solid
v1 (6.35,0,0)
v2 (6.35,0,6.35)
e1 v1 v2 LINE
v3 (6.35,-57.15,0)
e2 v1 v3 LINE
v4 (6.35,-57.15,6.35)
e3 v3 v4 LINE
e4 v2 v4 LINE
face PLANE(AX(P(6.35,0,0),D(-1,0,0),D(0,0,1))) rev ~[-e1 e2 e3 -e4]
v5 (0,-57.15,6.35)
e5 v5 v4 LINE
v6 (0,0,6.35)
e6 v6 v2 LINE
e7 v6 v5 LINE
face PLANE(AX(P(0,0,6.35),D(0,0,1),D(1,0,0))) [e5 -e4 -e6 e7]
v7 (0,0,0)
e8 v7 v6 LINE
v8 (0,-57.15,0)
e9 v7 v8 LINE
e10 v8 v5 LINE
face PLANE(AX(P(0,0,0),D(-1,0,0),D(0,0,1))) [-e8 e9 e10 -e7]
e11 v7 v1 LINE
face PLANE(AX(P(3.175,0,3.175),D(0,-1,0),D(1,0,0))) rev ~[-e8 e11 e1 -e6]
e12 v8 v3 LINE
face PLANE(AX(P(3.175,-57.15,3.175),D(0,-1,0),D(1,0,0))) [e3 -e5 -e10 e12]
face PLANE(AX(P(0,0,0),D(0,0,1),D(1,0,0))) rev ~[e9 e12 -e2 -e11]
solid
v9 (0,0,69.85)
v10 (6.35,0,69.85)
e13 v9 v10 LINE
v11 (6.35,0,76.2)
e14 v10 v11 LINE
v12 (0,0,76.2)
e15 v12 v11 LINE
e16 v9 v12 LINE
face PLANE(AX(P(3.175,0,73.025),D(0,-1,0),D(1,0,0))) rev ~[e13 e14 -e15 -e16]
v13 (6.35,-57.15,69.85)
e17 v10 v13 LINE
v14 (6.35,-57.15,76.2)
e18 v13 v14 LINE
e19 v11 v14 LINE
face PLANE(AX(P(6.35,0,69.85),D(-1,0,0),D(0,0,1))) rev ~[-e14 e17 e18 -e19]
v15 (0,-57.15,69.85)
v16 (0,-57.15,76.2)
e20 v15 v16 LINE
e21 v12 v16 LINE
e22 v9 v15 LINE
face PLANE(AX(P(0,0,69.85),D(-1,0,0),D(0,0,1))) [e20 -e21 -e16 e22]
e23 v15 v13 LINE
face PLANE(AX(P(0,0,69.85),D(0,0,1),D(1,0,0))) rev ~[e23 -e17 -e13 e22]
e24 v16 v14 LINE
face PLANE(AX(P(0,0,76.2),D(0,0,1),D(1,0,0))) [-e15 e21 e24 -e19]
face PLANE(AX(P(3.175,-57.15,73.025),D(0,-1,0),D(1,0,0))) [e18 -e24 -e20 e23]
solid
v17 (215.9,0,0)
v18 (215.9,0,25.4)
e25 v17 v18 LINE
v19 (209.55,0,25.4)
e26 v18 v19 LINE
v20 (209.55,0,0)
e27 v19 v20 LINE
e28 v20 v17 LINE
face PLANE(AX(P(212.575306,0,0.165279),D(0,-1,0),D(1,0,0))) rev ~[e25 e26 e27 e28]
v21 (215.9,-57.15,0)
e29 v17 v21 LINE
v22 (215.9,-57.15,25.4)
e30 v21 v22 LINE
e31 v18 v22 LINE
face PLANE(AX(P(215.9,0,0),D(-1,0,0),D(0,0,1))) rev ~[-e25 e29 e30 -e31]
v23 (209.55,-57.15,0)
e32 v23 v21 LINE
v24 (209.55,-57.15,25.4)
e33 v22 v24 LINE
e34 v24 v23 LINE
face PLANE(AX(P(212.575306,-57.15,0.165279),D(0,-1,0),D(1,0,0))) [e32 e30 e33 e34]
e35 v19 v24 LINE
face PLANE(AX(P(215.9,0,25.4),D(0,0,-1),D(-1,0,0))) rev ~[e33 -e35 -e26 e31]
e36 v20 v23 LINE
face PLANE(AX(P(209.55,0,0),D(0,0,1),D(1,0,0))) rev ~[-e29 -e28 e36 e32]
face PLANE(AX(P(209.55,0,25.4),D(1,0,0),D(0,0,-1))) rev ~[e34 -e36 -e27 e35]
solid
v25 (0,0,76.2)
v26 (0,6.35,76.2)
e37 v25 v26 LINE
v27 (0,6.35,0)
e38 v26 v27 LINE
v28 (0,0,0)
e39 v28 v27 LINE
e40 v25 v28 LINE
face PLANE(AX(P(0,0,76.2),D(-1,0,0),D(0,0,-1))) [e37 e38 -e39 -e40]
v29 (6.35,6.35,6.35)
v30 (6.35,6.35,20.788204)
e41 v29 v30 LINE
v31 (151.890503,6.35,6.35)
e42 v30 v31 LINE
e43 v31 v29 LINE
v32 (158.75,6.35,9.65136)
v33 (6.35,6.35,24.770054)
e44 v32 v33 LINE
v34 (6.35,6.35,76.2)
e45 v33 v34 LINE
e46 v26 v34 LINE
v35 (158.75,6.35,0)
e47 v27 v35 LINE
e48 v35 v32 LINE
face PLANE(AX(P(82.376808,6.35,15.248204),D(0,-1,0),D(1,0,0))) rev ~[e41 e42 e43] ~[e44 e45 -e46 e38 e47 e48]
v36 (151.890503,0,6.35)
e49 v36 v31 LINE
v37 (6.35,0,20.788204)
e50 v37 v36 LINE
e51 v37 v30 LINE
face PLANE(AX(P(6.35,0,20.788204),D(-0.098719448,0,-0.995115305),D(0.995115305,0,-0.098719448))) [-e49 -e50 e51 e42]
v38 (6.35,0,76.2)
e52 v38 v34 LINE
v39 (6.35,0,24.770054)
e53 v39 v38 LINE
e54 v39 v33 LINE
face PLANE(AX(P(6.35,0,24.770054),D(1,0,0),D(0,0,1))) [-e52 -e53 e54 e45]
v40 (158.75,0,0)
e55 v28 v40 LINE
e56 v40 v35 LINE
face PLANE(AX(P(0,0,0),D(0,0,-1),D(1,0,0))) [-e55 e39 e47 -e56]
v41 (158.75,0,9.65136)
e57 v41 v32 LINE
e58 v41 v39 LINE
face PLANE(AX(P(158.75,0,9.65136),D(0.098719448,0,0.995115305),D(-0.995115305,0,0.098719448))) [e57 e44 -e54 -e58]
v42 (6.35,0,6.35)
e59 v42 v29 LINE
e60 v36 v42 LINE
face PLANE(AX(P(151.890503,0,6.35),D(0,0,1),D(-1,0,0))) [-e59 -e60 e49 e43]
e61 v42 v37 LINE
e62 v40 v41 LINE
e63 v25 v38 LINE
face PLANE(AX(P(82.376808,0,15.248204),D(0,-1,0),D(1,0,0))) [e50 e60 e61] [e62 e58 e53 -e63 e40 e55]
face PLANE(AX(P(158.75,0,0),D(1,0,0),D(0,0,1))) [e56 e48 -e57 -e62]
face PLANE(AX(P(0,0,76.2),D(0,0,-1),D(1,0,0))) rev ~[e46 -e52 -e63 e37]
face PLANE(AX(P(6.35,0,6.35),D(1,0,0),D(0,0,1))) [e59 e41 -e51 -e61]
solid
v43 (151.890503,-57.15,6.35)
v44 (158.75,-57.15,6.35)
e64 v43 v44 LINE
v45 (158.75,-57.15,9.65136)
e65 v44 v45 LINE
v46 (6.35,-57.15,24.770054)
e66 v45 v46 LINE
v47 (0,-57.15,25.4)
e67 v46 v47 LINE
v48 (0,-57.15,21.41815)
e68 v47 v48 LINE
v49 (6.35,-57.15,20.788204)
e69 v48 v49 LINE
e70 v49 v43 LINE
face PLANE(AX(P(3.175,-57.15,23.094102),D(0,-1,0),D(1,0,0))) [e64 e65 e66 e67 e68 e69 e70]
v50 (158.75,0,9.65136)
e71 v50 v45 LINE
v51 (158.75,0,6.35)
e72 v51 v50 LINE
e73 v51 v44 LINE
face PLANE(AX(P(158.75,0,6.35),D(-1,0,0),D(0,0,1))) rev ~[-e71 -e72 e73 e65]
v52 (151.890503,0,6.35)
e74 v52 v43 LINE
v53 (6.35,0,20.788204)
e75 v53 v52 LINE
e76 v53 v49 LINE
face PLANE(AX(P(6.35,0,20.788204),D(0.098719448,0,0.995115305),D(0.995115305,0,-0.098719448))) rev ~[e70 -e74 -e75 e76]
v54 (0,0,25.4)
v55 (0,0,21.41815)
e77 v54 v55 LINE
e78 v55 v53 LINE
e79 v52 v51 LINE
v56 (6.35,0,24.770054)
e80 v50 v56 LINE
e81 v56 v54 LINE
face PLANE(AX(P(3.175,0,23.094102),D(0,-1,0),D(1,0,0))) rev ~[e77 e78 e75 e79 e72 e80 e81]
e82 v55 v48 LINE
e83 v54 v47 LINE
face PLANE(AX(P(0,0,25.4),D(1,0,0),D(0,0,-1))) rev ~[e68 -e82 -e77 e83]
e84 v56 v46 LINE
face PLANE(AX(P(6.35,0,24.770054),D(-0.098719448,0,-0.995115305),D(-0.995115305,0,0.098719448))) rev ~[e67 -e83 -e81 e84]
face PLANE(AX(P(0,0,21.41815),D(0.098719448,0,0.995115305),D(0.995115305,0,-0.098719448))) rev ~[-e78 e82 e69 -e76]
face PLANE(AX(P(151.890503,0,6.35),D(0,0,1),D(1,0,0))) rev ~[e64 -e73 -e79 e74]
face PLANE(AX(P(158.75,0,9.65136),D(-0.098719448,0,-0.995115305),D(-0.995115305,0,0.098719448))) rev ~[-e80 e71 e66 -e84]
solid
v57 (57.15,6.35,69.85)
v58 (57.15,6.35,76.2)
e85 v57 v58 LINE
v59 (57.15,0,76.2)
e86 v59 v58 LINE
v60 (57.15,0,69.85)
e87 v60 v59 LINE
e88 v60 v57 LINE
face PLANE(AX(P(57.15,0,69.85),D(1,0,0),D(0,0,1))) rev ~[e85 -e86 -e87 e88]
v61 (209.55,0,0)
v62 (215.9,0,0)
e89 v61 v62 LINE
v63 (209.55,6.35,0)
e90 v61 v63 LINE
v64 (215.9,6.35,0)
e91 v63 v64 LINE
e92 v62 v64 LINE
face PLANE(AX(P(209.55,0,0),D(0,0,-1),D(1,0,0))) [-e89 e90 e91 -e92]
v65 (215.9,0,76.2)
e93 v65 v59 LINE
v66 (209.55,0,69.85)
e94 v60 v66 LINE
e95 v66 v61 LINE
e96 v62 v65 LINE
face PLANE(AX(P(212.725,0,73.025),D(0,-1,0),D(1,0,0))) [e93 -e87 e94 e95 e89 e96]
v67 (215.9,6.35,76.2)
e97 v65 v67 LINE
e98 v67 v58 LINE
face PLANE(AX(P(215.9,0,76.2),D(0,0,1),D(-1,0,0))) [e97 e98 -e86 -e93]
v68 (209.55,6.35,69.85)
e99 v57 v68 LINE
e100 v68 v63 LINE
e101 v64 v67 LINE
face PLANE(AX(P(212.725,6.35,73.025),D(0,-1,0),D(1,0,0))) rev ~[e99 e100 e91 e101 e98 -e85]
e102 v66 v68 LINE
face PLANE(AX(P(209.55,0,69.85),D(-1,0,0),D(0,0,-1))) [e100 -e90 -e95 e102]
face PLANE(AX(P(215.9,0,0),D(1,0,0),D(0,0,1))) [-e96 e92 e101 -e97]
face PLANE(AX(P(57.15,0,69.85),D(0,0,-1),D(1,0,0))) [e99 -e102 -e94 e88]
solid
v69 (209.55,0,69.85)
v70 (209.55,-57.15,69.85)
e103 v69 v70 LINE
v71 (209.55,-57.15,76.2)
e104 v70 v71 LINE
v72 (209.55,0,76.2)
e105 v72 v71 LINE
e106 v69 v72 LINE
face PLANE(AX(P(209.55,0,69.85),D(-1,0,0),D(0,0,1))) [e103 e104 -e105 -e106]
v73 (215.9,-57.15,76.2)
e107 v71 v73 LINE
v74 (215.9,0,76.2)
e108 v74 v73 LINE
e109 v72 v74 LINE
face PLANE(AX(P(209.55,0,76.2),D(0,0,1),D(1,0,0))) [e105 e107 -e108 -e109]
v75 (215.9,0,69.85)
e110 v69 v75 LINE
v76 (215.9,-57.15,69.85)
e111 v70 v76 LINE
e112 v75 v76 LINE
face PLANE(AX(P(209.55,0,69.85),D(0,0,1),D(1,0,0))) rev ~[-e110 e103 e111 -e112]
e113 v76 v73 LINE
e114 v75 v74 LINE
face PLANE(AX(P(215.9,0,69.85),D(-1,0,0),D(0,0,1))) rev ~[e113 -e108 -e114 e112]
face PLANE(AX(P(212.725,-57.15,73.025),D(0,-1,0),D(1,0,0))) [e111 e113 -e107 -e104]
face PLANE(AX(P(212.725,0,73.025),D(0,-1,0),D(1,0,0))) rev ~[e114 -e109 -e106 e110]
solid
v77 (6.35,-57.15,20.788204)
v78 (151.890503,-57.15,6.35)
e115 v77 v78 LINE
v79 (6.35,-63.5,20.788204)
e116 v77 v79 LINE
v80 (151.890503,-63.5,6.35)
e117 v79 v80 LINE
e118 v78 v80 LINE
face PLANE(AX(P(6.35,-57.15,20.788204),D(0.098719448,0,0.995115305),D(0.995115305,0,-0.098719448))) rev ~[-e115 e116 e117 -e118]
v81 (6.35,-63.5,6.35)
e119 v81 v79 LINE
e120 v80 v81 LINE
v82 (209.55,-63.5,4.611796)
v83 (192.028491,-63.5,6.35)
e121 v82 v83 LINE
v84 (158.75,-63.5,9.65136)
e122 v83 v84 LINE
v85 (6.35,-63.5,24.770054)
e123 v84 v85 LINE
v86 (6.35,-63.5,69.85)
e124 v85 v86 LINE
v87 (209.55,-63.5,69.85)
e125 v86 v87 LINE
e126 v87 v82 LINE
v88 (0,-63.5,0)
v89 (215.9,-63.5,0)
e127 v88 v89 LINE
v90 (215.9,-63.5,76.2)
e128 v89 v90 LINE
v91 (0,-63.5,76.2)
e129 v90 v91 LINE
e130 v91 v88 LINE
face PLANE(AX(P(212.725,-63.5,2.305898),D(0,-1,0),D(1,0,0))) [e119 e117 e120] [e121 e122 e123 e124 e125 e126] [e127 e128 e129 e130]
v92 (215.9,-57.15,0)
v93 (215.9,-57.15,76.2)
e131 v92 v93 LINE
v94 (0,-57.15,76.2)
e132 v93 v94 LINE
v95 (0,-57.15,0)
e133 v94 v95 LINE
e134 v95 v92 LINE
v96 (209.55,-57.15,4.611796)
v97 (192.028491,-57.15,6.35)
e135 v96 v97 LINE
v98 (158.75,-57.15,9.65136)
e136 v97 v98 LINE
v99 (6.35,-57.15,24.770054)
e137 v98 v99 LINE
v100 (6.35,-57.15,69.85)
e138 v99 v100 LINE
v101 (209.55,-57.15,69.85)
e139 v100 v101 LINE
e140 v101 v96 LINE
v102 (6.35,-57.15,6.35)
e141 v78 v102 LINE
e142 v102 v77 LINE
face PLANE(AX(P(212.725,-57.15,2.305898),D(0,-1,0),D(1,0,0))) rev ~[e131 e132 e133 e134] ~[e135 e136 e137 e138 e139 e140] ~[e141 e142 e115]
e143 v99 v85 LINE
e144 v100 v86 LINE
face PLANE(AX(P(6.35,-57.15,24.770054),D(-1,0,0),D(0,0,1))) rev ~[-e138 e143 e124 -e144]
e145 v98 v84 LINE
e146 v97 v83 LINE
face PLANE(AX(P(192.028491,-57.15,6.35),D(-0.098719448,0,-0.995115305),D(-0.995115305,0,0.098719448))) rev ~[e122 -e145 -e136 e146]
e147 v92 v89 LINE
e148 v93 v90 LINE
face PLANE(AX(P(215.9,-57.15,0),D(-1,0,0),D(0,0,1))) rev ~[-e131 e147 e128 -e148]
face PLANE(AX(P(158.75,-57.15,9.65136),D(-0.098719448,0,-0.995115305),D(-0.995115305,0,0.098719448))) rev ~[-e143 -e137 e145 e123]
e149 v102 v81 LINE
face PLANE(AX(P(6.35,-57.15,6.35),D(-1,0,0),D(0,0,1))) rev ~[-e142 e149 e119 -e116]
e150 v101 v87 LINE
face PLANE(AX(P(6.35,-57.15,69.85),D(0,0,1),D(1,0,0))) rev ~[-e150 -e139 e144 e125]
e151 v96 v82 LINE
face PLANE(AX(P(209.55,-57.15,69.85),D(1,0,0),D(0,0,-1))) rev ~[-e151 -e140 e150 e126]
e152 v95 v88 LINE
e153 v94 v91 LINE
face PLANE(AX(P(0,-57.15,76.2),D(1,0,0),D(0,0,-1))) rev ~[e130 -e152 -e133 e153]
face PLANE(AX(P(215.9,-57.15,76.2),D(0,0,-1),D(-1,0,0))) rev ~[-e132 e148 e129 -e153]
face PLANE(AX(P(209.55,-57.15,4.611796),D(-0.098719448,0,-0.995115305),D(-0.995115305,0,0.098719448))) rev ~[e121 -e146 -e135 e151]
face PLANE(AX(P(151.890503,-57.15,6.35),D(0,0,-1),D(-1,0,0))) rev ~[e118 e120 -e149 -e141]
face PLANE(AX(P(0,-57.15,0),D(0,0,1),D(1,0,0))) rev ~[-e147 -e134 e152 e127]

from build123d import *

# Parameters (mm, degrees)
F0_W     = 6.35
F0_H     = 6.35
F1_DEPTH = 6.35
F0_H_2   = 44.45
F0_W_2   = 152.4
F2_START = 57.15
F0_W_3   = 50.8
F2_DEPTH = 6.35
F3_DEPTH = 57.15


with BuildPart() as f1:
    # F0 (on Front) → F1 (new body)
    with BuildSketch(Plane.XZ):
        Polygon((158.75, 9.6513603842), (6.35, 24.7700544154), (6.35, 20.7882042928), (151.8905030152, 6.35), (158.75, 6.35), align=None)
        Polygon((6.35, 24.7700544154), (0, 25.4), (0, 21.4181498774), (6.35, 20.7882042928), align=None)
        Polygon((6.35, 28.7519045379), (0, 29.3818501226), (0, 25.4), (6.35, 24.7700544154), align=None)
        Polygon((6.35, 69.85), (0, 69.85), (0, 29.3818501226), (6.35, 28.7519045379), align=None)
        with Locations((3.175, 73.025)):
            Rectangle(F0_W, F0_H)
        Polygon((6.35, 20.7882042928), (0, 21.4181498774), (0, 6.35), (6.35, 6.35), align=None)
        with Locations((3.175, 3.175)):
            Rectangle(F0_W, F0_H)
        Polygon((158.75, 6.35), (151.8905030152, 6.35), (158.75, 5.6695102617), align=None)
        Polygon((151.8905030152, 6.35), (6.35, 6.35), (6.35, 0), (158.75, 0), (158.75, 5.6695102617), align=None)
    extrude(amount=-F1_DEPTH)


with BuildPart() as f1b:
    # F0 (on Front) → F1, piece 2 (new body)
    with BuildSketch(Plane.XZ):
        with Locations((212.725, 73.025)):
            Rectangle(F0_W, F0_H)
        with Locations((212.725, 47.625)):
            Rectangle(F0_W, F0_H_2)
        Polygon((215.9, 25.4), (209.55, 25.4), (209.55, 8.5936458298), (215.9, 7.9637002451), align=None)
        Polygon((215.9, 7.9637002451), (209.55, 8.5936458298), (209.55, 6.35), (215.9, 6.35), align=None)
        Polygon((215.9, 6.35), (209.55, 6.35), (209.55, 4.6117957072), (215.9, 3.9818501226), align=None)
        Polygon((215.9, 0), (209.55, 0.6299455846), (209.55, 0), align=None)
        Polygon((215.9, 3.9818501226), (209.55, 4.6117957072), (209.55, 0.6299455846), (215.9, 0), align=None)
        with Locations((133.35, 73.025)):
            Rectangle(F0_W_2, F0_H)
    extrude(amount=-F1_DEPTH)


with BuildPart() as f2:
    # F0 (on Front) → F2 (new body)
    with BuildSketch(Plane.XZ.offset(F2_START)):
        Polygon((215.9, 3.9818501226), (209.55, 4.6117957072), (209.55, 0.6299455846), (215.9, 0), align=None)
        Polygon((215.9, 0), (209.55, 0.6299455846), (209.55, 0), align=None)
        Polygon((209.55, 0.6299455846), (158.75, 5.6695102617), (158.75, 0), (209.55, 0), align=None)
        Polygon((209.55, 4.6117957072), (192.0284909545, 6.35), (158.75, 6.35), (158.75, 5.6695102617), (209.55, 0.6299455846), align=None)
        Polygon((192.0284909545, 6.35), (158.75, 9.6513603842), (158.75, 6.35), align=None)
        Polygon((158.75, 9.6513603842), (6.35, 24.7700544154), (6.35, 20.7882042928), (151.8905030152, 6.35), (158.75, 6.35), align=None)
        Polygon((158.75, 6.35), (151.8905030152, 6.35), (158.75, 5.6695102617), align=None)
        Polygon((151.8905030152, 6.35), (6.35, 6.35), (6.35, 0), (158.75, 0), (158.75, 5.6695102617), align=None)
        Polygon((215.9, 25.4), (209.55, 25.4), (209.55, 8.5936458298), (215.9, 7.9637002451), align=None)
        Polygon((215.9, 6.35), (209.55, 6.35), (209.55, 4.6117957072), (215.9, 3.9818501226), align=None)
        Polygon((215.9, 7.9637002451), (209.55, 8.5936458298), (209.55, 6.35), (215.9, 6.35), align=None)
        with Locations((212.725, 47.625)):
            Rectangle(F0_W, F0_H_2)
        with Locations((212.725, 73.025)):
            Rectangle(F0_W, F0_H)
        with Locations((133.35, 73.025)):
            Rectangle(F0_W_2, F0_H)
        with Locations((3.175, 3.175)):
            Rectangle(F0_W, F0_H)
        Polygon((6.35, 20.7882042928), (0, 21.4181498774), (0, 6.35), (6.35, 6.35), align=None)
        Polygon((6.35, 24.7700544154), (0, 25.4), (0, 21.4181498774), (6.35, 20.7882042928), align=None)
        Polygon((6.35, 28.7519045379), (0, 29.3818501226), (0, 25.4), (6.35, 24.7700544154), align=None)
        Polygon((6.35, 69.85), (0, 69.85), (0, 29.3818501226), (6.35, 28.7519045379), align=None)
        with Locations((3.175, 73.025)):
            Rectangle(F0_W, F0_H)
        with Locations((31.75, 73.025)):
            Rectangle(F0_W_3, F0_H)
    extrude(amount=F2_DEPTH)


with BuildPart() as f3:
    # F0 (on Front) → F3 (new body)
    with BuildSketch(Plane.XZ):
        with Locations((212.725, 73.025)):
            Rectangle(F0_W, F0_H)
    extrude(amount=F3_DEPTH)


with BuildPart() as f3b:
    # F0 (on Front) → F3, piece 2 (new body)
    with BuildSketch(Plane.XZ):
        Polygon((215.9, 0), (209.55, 0.6299455846), (209.55, 0), align=None)
        Polygon((215.9, 3.9818501226), (209.55, 4.6117957072), (209.55, 0.6299455846), (215.9, 0), align=None)
        Polygon((215.9, 6.35), (209.55, 6.35), (209.55, 4.6117957072), (215.9, 3.9818501226), align=None)
        Polygon((215.9, 7.9637002451), (209.55, 8.5936458298), (209.55, 6.35), (215.9, 6.35), align=None)
        Polygon((215.9, 25.4), (209.55, 25.4), (209.55, 8.5936458298), (215.9, 7.9637002451), align=None)
    extrude(amount=F3_DEPTH)


with BuildPart() as f3c:
    # F0 (on Front) → F3, piece 3 (new body)
    with BuildSketch(Plane.XZ):
        with Locations((3.175, 73.025)):
            Rectangle(F0_W, F0_H)
    extrude(amount=F3_DEPTH)


with BuildPart() as f3d:
    # F0 (on Front) → F3, piece 4 (new body)
    with BuildSketch(Plane.XZ):
        with Locations((3.175, 3.175)):
            Rectangle(F0_W, F0_H)
    extrude(amount=F3_DEPTH)


with BuildPart() as f3e:
    # F0 (on Front) → F3, piece 5 (new body)
    with BuildSketch(Plane.XZ):
        Polygon((6.35, 24.7700544154), (0, 25.4), (0, 21.4181498774), (6.35, 20.7882042928), align=None)
        Polygon((158.75, 9.6513603842), (6.35, 24.7700544154), (6.35, 20.7882042928), (151.8905030152, 6.35), (158.75, 6.35), align=None)
    extrude(amount=F3_DEPTH)


solid = Compound([f1.part, f1b.part, f2.part, f3.part, f3b.part, f3c.part, f3d.part, f3e.part])
